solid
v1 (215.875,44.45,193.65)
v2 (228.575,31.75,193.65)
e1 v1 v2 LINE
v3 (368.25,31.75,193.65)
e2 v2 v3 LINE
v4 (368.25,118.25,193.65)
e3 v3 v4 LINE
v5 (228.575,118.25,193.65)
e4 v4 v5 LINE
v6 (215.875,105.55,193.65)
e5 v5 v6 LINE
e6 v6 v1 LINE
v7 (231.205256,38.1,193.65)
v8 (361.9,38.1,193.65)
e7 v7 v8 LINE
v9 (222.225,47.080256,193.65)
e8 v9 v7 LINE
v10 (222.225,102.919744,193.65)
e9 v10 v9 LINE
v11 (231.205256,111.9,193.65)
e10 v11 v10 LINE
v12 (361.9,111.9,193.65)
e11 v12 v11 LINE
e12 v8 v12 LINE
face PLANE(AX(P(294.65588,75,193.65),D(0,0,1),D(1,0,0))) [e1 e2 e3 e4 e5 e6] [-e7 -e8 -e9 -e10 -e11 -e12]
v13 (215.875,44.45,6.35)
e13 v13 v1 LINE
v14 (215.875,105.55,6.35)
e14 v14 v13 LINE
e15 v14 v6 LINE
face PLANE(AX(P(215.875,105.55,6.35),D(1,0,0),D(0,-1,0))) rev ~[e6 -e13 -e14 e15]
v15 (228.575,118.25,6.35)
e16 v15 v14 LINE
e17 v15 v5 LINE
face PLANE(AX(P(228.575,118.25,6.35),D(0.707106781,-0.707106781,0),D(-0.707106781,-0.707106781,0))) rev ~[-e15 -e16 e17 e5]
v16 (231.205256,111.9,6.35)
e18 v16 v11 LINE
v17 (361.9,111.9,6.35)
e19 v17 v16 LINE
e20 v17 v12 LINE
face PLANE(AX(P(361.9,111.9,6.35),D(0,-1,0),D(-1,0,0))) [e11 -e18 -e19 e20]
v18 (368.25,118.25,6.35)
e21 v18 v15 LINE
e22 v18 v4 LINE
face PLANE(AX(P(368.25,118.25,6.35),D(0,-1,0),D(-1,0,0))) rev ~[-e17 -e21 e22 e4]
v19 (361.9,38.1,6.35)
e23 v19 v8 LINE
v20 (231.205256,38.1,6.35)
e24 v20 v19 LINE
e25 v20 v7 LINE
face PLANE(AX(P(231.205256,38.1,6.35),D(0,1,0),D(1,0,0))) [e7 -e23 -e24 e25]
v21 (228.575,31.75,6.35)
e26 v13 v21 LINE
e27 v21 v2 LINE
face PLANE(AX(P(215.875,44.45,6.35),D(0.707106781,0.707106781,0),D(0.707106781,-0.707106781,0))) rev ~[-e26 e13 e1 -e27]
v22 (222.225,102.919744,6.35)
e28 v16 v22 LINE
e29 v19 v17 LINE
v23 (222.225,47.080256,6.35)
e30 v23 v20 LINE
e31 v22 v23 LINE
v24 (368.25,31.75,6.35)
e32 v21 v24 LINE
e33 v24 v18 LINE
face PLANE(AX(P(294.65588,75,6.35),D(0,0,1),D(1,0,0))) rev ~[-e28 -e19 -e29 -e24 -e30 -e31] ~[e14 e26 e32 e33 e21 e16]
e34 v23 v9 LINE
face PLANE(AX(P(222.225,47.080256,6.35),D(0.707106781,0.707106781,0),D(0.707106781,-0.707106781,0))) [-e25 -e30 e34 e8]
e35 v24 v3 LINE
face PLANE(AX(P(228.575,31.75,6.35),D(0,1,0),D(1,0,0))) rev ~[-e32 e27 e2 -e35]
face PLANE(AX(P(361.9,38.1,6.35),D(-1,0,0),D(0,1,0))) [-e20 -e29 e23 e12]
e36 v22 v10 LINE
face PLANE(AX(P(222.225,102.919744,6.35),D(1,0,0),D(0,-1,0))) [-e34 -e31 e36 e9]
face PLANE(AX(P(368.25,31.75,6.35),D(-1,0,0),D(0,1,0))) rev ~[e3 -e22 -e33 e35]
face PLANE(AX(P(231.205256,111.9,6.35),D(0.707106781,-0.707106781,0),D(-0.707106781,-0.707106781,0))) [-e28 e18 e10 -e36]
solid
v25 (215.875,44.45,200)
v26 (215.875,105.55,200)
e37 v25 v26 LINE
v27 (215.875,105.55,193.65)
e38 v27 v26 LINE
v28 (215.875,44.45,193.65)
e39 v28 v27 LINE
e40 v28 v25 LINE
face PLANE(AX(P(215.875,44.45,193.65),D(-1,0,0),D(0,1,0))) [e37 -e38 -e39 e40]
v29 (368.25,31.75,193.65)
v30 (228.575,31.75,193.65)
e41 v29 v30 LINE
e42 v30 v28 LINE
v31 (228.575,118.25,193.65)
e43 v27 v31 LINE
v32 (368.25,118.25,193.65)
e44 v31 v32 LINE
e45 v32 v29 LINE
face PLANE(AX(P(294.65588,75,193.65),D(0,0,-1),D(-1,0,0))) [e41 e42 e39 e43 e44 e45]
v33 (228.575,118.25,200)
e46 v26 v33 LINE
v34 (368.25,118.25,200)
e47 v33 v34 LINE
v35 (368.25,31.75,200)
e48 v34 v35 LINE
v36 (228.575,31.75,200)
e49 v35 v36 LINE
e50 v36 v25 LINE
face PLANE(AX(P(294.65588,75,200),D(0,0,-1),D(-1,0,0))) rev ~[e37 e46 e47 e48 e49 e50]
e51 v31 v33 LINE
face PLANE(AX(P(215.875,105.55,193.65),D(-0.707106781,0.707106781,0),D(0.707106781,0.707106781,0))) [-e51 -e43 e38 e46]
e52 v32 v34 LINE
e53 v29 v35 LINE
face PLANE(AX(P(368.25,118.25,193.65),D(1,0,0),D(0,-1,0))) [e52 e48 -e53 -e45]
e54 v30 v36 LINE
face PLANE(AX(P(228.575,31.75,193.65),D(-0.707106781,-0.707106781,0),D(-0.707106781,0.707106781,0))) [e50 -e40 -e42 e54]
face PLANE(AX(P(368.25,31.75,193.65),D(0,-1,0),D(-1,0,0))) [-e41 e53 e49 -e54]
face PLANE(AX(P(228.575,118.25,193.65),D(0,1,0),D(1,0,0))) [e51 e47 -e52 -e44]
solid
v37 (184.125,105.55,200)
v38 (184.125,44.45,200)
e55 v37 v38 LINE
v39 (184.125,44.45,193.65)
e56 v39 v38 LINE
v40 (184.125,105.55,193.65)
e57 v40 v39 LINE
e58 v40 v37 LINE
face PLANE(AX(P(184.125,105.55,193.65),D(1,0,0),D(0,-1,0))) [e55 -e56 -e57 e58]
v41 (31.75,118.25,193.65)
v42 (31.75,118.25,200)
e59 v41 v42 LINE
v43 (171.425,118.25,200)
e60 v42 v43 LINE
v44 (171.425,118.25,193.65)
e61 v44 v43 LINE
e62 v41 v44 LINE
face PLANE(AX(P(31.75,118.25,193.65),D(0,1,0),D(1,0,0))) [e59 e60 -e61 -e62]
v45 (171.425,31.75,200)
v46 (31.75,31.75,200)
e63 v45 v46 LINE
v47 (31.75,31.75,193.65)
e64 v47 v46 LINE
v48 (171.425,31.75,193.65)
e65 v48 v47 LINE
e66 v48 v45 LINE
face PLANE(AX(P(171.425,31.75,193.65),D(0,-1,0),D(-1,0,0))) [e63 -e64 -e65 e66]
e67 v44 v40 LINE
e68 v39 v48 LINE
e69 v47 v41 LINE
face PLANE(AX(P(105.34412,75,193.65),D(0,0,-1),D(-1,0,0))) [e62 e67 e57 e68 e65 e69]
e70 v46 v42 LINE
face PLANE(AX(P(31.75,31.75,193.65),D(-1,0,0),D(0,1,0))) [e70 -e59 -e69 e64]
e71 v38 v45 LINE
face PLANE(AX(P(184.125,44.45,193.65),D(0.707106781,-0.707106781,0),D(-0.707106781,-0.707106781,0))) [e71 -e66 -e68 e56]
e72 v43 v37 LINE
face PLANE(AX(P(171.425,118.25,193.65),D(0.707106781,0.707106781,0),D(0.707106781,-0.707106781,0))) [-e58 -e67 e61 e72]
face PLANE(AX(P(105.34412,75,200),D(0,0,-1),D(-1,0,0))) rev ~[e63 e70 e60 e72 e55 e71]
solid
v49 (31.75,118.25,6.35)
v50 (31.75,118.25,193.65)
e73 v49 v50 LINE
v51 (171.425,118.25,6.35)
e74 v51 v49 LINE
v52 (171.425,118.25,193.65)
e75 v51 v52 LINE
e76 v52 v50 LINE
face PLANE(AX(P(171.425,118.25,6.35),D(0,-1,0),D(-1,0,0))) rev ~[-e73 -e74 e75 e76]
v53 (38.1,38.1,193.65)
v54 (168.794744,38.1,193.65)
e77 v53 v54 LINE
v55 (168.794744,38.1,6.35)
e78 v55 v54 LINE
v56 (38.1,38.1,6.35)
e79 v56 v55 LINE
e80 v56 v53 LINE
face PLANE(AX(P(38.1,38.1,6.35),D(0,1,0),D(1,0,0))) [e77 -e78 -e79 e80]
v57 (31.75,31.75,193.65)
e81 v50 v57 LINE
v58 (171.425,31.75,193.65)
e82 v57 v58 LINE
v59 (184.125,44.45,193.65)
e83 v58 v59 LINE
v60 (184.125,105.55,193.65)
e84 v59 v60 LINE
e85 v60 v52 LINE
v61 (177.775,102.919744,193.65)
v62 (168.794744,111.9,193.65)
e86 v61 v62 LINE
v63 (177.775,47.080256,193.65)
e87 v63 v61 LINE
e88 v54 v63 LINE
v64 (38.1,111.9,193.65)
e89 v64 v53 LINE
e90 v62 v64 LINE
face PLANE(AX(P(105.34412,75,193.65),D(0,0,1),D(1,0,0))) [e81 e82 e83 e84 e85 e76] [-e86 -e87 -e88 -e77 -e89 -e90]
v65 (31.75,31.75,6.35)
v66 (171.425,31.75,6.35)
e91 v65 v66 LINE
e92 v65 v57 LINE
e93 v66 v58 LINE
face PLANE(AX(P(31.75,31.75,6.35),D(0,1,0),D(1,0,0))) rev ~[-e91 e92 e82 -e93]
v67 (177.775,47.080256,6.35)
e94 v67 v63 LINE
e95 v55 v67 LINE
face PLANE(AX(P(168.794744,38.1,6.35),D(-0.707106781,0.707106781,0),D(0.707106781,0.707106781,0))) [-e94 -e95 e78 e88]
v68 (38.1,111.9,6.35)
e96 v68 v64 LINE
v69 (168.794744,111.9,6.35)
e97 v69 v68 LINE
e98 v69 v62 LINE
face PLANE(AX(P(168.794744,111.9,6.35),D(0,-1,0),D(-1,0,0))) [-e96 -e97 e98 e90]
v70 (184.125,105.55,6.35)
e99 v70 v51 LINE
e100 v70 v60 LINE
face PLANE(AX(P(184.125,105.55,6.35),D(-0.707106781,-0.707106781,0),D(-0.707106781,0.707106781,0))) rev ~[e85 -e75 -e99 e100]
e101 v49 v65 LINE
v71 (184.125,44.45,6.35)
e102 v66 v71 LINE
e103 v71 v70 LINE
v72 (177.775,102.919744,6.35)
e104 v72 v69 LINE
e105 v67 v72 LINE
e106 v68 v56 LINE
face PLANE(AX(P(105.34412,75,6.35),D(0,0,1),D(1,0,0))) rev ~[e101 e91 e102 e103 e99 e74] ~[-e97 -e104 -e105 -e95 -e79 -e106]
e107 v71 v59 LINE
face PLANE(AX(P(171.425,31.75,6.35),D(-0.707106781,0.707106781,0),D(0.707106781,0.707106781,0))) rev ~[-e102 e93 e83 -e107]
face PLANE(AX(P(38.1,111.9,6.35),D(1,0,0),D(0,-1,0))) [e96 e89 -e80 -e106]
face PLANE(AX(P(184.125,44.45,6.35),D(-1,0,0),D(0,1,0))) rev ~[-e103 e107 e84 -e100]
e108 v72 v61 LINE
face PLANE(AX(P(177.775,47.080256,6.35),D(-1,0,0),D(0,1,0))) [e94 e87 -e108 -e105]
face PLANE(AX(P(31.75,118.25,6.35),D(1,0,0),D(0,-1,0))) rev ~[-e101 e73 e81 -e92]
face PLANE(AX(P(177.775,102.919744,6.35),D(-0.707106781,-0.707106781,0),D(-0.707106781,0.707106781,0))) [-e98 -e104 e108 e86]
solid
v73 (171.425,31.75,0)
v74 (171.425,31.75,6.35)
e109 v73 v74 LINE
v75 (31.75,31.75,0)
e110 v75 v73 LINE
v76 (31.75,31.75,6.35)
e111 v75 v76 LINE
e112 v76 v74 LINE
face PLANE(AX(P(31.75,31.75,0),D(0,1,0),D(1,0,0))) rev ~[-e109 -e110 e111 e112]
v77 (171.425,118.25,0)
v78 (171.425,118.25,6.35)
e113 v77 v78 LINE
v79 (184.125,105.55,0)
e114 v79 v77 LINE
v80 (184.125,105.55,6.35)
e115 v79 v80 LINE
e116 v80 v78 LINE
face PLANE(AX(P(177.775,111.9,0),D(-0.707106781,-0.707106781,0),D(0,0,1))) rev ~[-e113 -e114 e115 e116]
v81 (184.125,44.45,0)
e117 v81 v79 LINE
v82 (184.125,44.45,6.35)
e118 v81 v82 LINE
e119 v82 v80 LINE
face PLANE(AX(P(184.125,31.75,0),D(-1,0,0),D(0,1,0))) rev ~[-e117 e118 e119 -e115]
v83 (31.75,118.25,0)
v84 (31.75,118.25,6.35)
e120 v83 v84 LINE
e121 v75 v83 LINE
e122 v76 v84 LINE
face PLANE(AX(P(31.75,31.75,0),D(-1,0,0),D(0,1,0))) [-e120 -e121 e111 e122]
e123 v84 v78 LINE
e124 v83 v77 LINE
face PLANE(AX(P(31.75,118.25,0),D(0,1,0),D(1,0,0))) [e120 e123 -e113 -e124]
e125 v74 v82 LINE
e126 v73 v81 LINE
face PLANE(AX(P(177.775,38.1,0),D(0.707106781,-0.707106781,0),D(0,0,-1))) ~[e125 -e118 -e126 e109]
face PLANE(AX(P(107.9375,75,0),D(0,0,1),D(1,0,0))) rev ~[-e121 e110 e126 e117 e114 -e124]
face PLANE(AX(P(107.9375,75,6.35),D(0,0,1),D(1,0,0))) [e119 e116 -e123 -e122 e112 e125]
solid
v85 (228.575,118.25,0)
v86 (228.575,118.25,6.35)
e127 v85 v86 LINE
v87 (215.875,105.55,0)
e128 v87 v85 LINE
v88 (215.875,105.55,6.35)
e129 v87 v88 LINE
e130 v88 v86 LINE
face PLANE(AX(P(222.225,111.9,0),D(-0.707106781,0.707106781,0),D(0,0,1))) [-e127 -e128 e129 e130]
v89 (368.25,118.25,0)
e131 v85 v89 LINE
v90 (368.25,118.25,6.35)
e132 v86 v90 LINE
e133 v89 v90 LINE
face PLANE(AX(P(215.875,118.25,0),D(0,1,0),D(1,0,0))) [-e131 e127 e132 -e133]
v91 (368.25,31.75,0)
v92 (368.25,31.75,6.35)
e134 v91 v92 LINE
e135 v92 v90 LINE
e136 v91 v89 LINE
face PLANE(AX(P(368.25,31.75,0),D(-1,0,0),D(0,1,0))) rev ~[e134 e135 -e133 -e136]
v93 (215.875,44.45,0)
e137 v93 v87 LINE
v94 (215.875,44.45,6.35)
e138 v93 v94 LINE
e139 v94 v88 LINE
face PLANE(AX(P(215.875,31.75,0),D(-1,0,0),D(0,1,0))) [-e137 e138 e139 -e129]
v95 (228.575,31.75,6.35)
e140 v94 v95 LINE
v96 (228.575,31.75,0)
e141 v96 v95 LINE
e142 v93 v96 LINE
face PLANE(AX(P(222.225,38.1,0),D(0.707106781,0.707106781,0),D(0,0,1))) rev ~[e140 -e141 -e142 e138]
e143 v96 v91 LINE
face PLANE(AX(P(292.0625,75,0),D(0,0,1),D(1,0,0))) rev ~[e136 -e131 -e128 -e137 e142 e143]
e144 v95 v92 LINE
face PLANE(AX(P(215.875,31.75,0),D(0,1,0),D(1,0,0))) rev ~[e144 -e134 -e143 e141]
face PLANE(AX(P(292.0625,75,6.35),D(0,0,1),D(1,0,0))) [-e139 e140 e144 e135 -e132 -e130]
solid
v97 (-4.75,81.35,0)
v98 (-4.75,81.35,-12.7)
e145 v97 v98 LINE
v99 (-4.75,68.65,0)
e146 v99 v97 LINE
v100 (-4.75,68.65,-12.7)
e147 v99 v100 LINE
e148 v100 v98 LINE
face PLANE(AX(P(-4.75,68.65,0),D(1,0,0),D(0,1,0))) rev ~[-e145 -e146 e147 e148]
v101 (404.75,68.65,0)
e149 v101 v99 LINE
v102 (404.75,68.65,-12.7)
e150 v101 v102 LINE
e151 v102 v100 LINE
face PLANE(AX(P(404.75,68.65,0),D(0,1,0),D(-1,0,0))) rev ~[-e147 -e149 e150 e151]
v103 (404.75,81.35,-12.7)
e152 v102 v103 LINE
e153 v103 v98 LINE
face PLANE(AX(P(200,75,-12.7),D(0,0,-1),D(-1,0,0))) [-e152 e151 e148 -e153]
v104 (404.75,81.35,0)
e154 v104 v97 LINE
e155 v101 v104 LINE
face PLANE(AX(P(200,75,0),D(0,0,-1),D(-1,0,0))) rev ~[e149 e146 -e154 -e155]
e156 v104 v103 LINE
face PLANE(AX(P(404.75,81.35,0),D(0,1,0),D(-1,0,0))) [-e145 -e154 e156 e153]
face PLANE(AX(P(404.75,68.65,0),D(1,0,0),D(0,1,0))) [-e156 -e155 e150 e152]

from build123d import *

# Parameters (mm, degrees)
CROQUIS1_W                = 152.375
CROQUIS1_H                = 86.5
SALIENTE_EXTRUIR1_DEPTH   = 6.35
SALIENTE_EXTRUIR1_2_DEPTH = 6.35
CHAFL_N1_SIZE             = 12.7
CHAFL_N2_SIZE             = 12.7
SALIENTE_EXTRUIR2_DEPTH   = 187.3
SALIENTE_EXTRUIR2_2_DEPTH = 187.3
SALIENTE_EXTRUIR3_DEPTH   = 6.35
SALIENTE_EXTRUIR3_2_DEPTH = 6.35
CROQUIS4_W                = 409.5
CROQUIS4_H                = 12.7
SALIENTE_EXTRUIR4_DEPTH   = 12.7


with BuildPart() as part:
    # Croquis1 → Saliente-Extruir1 (new body)
    with BuildSketch(Plane.XY):
        with Locations((107.9375, 75)):
            Rectangle(CROQUIS1_W, CROQUIS1_H)
    extrude(amount=SALIENTE_EXTRUIR1_DEPTH)

    # Chaflán1
    chafl_n1_edges = [part.edges().sort_by_distance(p)[0] for p in [
        (184.125, 118.25, 3.175),
        (184.125, 31.75, 3.175),
    ]]
    chamfer(chafl_n1_edges, length=CHAFL_N1_SIZE)


with BuildPart() as body_2:
    # Croquis1 → Saliente-Extruir1 2 (new body)
    with BuildSketch(Plane.XY):
        with Locations((292.0625, 75)):
            Rectangle(CROQUIS1_W, CROQUIS1_H)
    extrude(amount=SALIENTE_EXTRUIR1_2_DEPTH)

    # Chaflán2
    chafl_n2_edges = [body_2.edges().sort_by_distance(p)[0] for p in [
        (215.875, 118.25, 3.175),
        (215.875, 31.75, 3.175),
    ]]
    chamfer(chafl_n2_edges, length=CHAFL_N2_SIZE)


with BuildPart() as body_3:
    # Croquis2 → Saliente-Extruir2 (new body)
    with BuildSketch(Plane.XY.offset(6.35)):
        Polygon((215.875, 105.55), (215.875, 44.45), (228.575, 31.75), (368.25, 31.75), (368.25, 118.25), (228.575, 118.25), align=None)
        Polygon((222.225, 102.919743879), (222.225, 47.080256121), (231.205256121, 38.1), (361.9, 38.1), (361.9, 111.9), (231.205256121, 111.9), align=None, mode=Mode.SUBTRACT)
    extrude(amount=SALIENTE_EXTRUIR2_DEPTH)


with BuildPart() as body_4:
    # Croquis2 → Saliente-Extruir2 2 (new body)
    with BuildSketch(Plane.XY.offset(6.35)):
        Polygon((31.75, 31.75), (171.425, 31.75), (184.125, 44.45), (184.125, 105.55), (171.425, 118.25), (31.75, 118.25), align=None)
        Polygon((168.794743879, 111.9), (38.1, 111.9), (38.1, 38.1), (168.794743879, 38.1), (177.775, 47.080256121), (177.775, 102.919743879), align=None, mode=Mode.SUBTRACT)
    extrude(amount=SALIENTE_EXTRUIR2_2_DEPTH)


with BuildPart() as body_5:
    # Croquis3 → Saliente-Extruir3 (new body)
    with BuildSketch(Plane.XY.offset(193.65)):
        Polygon((368.25, 31.75), (228.575, 31.75), (215.875, 44.45), (215.875, 105.55), (228.575, 118.25), (368.25, 118.25), align=None)
    extrude(amount=SALIENTE_EXTRUIR3_DEPTH)


with BuildPart() as body_6:
    # Croquis3 → Saliente-Extruir3 2 (new body)
    with BuildSketch(Plane.XY.offset(193.65)):
        Polygon((184.125, 105.55), (184.125, 44.45), (171.425, 31.75), (31.75, 31.75), (31.75, 118.25), (171.425, 118.25), align=None)
    extrude(amount=SALIENTE_EXTRUIR3_2_DEPTH)


with BuildPart() as body_7:
    # Croquis4 → Saliente-Extruir4 (new body)
    with BuildSketch(Plane(origin=(0, 0, 0), x_dir=(-1, 0, 0), z_dir=(0, 0, -1))):
        with Locations((-200, 75)):
            Rectangle(CROQUIS4_W, CROQUIS4_H)
    extrude(amount=SALIENTE_EXTRUIR4_DEPTH)


solid = Compound([part.part, body_2.part, body_3.part, body_4.part, body_5.part, body_6.part, body_7.part])
